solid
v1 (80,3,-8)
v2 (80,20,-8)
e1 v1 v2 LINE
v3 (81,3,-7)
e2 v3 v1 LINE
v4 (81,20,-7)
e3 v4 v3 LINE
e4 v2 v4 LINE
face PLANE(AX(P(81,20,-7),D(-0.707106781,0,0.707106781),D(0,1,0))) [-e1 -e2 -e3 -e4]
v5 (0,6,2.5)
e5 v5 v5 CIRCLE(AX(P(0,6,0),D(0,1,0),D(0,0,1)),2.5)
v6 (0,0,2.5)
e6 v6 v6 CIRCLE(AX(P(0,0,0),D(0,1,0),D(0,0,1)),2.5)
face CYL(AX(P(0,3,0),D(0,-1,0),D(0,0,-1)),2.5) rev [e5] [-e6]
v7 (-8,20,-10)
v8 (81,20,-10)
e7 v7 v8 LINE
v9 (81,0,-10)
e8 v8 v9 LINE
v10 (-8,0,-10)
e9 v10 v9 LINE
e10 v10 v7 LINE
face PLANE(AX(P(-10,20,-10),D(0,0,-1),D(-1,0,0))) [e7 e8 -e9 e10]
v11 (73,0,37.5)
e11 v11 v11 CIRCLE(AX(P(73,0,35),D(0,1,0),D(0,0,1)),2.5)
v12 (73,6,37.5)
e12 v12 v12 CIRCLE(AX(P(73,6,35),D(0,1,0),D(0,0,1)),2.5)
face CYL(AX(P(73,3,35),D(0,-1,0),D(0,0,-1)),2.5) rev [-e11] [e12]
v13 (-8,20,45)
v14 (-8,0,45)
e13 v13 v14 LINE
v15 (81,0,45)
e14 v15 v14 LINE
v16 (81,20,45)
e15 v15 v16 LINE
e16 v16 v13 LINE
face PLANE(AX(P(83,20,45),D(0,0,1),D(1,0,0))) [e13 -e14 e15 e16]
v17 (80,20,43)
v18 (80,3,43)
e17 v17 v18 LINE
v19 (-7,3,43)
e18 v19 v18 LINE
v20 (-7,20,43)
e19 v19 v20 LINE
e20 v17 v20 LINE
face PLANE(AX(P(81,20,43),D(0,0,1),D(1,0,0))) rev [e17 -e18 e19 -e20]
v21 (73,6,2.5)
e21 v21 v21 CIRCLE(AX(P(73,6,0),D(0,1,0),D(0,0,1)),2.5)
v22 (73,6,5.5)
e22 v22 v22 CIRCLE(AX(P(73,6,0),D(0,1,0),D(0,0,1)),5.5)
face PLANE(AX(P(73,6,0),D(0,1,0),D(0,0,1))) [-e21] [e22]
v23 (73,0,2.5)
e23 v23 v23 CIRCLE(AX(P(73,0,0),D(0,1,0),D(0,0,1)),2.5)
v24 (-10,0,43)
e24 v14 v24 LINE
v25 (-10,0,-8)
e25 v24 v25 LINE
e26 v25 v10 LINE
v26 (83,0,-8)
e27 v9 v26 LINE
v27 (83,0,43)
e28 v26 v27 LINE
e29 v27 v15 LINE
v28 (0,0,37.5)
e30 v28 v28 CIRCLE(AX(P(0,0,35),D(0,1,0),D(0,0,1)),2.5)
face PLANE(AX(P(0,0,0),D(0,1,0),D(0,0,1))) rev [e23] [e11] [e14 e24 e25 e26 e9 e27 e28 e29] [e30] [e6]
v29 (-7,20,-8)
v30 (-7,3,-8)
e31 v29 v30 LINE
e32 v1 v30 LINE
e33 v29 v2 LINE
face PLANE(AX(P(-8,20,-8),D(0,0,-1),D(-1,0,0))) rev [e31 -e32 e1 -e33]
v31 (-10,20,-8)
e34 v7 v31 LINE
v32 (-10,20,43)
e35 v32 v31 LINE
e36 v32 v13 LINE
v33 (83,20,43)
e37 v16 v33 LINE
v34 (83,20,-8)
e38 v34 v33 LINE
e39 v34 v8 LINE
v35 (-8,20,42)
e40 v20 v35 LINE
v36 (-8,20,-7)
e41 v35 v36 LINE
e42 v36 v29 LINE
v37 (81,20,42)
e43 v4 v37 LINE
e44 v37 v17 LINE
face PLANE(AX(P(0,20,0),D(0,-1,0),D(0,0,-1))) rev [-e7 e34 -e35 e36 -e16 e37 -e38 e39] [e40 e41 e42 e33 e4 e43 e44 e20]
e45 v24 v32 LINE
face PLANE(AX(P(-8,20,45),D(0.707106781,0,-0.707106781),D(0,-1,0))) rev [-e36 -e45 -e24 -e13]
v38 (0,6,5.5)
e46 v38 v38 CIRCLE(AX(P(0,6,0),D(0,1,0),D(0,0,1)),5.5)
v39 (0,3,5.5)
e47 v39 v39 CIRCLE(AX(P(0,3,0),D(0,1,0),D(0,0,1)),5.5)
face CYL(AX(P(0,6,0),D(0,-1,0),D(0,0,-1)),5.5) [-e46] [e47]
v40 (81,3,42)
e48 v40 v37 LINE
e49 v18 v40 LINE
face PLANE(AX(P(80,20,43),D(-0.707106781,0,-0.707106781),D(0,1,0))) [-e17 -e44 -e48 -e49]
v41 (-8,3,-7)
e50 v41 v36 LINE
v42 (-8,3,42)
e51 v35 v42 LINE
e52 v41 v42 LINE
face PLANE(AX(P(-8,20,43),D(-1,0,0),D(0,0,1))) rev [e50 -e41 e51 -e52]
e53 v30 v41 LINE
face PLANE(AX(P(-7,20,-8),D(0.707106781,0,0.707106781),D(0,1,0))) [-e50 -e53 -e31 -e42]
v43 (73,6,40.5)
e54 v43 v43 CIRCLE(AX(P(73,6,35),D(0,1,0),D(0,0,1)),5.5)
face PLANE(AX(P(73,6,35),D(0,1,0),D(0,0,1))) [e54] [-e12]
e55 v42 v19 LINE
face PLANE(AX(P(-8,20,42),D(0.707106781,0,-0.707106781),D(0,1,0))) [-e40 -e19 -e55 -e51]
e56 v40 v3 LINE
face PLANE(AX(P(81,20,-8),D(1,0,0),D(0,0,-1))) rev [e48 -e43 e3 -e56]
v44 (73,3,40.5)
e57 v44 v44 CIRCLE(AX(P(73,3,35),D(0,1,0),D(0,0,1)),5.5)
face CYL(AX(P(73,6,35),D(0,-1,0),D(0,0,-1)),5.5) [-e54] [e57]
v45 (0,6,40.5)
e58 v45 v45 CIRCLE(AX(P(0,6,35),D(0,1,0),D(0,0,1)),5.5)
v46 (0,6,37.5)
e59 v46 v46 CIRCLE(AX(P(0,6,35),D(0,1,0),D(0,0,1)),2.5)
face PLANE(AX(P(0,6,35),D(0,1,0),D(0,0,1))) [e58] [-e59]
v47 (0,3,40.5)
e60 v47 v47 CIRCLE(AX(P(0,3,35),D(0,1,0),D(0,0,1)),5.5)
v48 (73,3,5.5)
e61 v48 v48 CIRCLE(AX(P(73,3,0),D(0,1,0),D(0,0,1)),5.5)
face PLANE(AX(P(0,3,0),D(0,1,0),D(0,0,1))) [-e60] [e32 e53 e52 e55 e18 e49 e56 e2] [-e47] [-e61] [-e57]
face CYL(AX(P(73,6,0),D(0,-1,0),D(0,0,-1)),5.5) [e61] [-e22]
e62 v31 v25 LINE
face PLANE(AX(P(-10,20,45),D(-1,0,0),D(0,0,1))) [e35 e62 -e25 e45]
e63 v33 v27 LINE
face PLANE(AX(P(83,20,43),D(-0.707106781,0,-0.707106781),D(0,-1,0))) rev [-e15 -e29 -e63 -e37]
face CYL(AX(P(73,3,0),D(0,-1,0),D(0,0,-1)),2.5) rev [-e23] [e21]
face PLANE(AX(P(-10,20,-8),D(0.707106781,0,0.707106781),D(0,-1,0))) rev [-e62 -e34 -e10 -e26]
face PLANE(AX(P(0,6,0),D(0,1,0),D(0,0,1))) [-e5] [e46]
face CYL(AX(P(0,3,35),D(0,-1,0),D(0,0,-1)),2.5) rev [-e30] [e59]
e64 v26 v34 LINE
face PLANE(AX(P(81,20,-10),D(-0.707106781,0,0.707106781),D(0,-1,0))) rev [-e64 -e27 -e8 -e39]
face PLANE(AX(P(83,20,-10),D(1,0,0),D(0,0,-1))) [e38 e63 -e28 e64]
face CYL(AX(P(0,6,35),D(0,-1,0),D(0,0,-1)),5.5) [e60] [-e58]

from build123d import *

# Parameters (mm, degrees)
SKETCH1_W           = 89
SKETCH1_H           = 51
SKETCH1_R           = 2.5
BOSS_EXTRUDE1_DEPTH = 3
SKETCH2_R           = 5.5
SKETCH2_R_2         = 2.5
BOSS_EXTRUDE2_DEPTH = 3
SKETCH3_W           = 93
SKETCH3_H           = 55
SKETCH3_W_2         = 89
SKETCH3_H_2         = 51
BOSS_EXTRUDE3_DEPTH = 20
CHAMFER1_SIZE       = 2
CHAMFER2_SIZE       = 1


with BuildPart() as part:
    # Sketch1 → Boss-Extrude1 (new body)
    with BuildSketch(Plane(origin=(0, 0, 0), x_dir=(1, 0, 0), z_dir=(0, 1, 0))):
        with Locations((36.5, -17.5)):
            Rectangle(SKETCH1_W, SKETCH1_H)
        with Locations(Location((0, 0, 0), (0, 0, 270))):
            Circle(SKETCH1_R, mode=Mode.SUBTRACT)
        with Locations(Location((73, 0, 0), (0, 0, 270))):
            Circle(SKETCH1_R, mode=Mode.SUBTRACT)
        with Locations(Location((0, -35, 0), (0, 0, 270))):
            Circle(SKETCH1_R, mode=Mode.SUBTRACT)
        with Locations(Location((73, -35, 0), (0, 0, 270))):
            Circle(SKETCH1_R, mode=Mode.SUBTRACT)
    extrude(amount=BOSS_EXTRUDE1_DEPTH)

    # Sketch2 → Boss-Extrude2 (add)
    # profile 1 of 4: a face of its own
    with BuildSketch(Plane(origin=(0, 3, 0), x_dir=(1, 0, 0), z_dir=(0, 1, 0))):
        with Locations(Location((0, 0, 0), (0, 0, 270))):
            Circle(SKETCH2_R)
        with Locations(Location((0, 0, 0), (0, 0, 270))):
            Circle(SKETCH2_R_2, mode=Mode.SUBTRACT)
    # profile 2 of 4: a face of its own
    with BuildSketch(Plane(origin=(0, 3, 0), x_dir=(1, 0, 0), z_dir=(0, 1, 0))):
        with Locations(Location((73, 0, 0), (0, 0, 270))):
            Circle(SKETCH2_R)
        with Locations(Location((73, 0, 0), (0, 0, 270))):
            Circle(SKETCH2_R_2, mode=Mode.SUBTRACT)
    # profile 3 of 4: a face of its own
    with BuildSketch(Plane(origin=(0, 3, 0), x_dir=(1, 0, 0), z_dir=(0, 1, 0))):
        with Locations(Location((73, -35, 0), (0, 0, 270))):
            Circle(SKETCH2_R)
        with Locations(Location((73, -35, 0), (0, 0, 270))):
            Circle(SKETCH2_R_2, mode=Mode.SUBTRACT)
    # profile 4 of 4: a face of its own
    with BuildSketch(Plane(origin=(0, 3, 0), x_dir=(1, 0, 0), z_dir=(0, 1, 0))):
        with Locations(Location((0, -35, 0), (0, 0, 270))):
            Circle(SKETCH2_R)
        with Locations(Location((0, -35, 0), (0, 0, 270))):
            Circle(SKETCH2_R_2, mode=Mode.SUBTRACT)
    extrude(amount=BOSS_EXTRUDE2_DEPTH)

    # Sketch3 → Boss-Extrude3 (add)
    with BuildSketch(Plane.XZ):
        with Locations((36.5, 17.5)):
            Rectangle(SKETCH3_W, SKETCH3_H)
        with Locations((36.5, 17.5)):
            Rectangle(SKETCH3_W_2, SKETCH3_H_2, mode=Mode.SUBTRACT)
    extrude(amount=-BOSS_EXTRUDE3_DEPTH)

    # Chamfer1
    chamfer1_edges = [part.edges().sort_by_distance(p)[0] for p in [
        (-10, 10, 45),
        (83, 10, 45),
        (83, 10, -10),
        (-10, 10, -10),
    ]]
    chamfer(chamfer1_edges, length=CHAMFER1_SIZE)

    # Chamfer2
    chamfer2_edges = [part.edges().sort_by_distance(p)[0] for p in [
        (81, 11.5, 43),
        (81, 11.5, -8),
        (-8, 11.5, -8),
        (-8, 11.5, 43),
    ]]
    chamfer(chamfer2_edges, length=CHAMFER2_SIZE)


solid = part.part
